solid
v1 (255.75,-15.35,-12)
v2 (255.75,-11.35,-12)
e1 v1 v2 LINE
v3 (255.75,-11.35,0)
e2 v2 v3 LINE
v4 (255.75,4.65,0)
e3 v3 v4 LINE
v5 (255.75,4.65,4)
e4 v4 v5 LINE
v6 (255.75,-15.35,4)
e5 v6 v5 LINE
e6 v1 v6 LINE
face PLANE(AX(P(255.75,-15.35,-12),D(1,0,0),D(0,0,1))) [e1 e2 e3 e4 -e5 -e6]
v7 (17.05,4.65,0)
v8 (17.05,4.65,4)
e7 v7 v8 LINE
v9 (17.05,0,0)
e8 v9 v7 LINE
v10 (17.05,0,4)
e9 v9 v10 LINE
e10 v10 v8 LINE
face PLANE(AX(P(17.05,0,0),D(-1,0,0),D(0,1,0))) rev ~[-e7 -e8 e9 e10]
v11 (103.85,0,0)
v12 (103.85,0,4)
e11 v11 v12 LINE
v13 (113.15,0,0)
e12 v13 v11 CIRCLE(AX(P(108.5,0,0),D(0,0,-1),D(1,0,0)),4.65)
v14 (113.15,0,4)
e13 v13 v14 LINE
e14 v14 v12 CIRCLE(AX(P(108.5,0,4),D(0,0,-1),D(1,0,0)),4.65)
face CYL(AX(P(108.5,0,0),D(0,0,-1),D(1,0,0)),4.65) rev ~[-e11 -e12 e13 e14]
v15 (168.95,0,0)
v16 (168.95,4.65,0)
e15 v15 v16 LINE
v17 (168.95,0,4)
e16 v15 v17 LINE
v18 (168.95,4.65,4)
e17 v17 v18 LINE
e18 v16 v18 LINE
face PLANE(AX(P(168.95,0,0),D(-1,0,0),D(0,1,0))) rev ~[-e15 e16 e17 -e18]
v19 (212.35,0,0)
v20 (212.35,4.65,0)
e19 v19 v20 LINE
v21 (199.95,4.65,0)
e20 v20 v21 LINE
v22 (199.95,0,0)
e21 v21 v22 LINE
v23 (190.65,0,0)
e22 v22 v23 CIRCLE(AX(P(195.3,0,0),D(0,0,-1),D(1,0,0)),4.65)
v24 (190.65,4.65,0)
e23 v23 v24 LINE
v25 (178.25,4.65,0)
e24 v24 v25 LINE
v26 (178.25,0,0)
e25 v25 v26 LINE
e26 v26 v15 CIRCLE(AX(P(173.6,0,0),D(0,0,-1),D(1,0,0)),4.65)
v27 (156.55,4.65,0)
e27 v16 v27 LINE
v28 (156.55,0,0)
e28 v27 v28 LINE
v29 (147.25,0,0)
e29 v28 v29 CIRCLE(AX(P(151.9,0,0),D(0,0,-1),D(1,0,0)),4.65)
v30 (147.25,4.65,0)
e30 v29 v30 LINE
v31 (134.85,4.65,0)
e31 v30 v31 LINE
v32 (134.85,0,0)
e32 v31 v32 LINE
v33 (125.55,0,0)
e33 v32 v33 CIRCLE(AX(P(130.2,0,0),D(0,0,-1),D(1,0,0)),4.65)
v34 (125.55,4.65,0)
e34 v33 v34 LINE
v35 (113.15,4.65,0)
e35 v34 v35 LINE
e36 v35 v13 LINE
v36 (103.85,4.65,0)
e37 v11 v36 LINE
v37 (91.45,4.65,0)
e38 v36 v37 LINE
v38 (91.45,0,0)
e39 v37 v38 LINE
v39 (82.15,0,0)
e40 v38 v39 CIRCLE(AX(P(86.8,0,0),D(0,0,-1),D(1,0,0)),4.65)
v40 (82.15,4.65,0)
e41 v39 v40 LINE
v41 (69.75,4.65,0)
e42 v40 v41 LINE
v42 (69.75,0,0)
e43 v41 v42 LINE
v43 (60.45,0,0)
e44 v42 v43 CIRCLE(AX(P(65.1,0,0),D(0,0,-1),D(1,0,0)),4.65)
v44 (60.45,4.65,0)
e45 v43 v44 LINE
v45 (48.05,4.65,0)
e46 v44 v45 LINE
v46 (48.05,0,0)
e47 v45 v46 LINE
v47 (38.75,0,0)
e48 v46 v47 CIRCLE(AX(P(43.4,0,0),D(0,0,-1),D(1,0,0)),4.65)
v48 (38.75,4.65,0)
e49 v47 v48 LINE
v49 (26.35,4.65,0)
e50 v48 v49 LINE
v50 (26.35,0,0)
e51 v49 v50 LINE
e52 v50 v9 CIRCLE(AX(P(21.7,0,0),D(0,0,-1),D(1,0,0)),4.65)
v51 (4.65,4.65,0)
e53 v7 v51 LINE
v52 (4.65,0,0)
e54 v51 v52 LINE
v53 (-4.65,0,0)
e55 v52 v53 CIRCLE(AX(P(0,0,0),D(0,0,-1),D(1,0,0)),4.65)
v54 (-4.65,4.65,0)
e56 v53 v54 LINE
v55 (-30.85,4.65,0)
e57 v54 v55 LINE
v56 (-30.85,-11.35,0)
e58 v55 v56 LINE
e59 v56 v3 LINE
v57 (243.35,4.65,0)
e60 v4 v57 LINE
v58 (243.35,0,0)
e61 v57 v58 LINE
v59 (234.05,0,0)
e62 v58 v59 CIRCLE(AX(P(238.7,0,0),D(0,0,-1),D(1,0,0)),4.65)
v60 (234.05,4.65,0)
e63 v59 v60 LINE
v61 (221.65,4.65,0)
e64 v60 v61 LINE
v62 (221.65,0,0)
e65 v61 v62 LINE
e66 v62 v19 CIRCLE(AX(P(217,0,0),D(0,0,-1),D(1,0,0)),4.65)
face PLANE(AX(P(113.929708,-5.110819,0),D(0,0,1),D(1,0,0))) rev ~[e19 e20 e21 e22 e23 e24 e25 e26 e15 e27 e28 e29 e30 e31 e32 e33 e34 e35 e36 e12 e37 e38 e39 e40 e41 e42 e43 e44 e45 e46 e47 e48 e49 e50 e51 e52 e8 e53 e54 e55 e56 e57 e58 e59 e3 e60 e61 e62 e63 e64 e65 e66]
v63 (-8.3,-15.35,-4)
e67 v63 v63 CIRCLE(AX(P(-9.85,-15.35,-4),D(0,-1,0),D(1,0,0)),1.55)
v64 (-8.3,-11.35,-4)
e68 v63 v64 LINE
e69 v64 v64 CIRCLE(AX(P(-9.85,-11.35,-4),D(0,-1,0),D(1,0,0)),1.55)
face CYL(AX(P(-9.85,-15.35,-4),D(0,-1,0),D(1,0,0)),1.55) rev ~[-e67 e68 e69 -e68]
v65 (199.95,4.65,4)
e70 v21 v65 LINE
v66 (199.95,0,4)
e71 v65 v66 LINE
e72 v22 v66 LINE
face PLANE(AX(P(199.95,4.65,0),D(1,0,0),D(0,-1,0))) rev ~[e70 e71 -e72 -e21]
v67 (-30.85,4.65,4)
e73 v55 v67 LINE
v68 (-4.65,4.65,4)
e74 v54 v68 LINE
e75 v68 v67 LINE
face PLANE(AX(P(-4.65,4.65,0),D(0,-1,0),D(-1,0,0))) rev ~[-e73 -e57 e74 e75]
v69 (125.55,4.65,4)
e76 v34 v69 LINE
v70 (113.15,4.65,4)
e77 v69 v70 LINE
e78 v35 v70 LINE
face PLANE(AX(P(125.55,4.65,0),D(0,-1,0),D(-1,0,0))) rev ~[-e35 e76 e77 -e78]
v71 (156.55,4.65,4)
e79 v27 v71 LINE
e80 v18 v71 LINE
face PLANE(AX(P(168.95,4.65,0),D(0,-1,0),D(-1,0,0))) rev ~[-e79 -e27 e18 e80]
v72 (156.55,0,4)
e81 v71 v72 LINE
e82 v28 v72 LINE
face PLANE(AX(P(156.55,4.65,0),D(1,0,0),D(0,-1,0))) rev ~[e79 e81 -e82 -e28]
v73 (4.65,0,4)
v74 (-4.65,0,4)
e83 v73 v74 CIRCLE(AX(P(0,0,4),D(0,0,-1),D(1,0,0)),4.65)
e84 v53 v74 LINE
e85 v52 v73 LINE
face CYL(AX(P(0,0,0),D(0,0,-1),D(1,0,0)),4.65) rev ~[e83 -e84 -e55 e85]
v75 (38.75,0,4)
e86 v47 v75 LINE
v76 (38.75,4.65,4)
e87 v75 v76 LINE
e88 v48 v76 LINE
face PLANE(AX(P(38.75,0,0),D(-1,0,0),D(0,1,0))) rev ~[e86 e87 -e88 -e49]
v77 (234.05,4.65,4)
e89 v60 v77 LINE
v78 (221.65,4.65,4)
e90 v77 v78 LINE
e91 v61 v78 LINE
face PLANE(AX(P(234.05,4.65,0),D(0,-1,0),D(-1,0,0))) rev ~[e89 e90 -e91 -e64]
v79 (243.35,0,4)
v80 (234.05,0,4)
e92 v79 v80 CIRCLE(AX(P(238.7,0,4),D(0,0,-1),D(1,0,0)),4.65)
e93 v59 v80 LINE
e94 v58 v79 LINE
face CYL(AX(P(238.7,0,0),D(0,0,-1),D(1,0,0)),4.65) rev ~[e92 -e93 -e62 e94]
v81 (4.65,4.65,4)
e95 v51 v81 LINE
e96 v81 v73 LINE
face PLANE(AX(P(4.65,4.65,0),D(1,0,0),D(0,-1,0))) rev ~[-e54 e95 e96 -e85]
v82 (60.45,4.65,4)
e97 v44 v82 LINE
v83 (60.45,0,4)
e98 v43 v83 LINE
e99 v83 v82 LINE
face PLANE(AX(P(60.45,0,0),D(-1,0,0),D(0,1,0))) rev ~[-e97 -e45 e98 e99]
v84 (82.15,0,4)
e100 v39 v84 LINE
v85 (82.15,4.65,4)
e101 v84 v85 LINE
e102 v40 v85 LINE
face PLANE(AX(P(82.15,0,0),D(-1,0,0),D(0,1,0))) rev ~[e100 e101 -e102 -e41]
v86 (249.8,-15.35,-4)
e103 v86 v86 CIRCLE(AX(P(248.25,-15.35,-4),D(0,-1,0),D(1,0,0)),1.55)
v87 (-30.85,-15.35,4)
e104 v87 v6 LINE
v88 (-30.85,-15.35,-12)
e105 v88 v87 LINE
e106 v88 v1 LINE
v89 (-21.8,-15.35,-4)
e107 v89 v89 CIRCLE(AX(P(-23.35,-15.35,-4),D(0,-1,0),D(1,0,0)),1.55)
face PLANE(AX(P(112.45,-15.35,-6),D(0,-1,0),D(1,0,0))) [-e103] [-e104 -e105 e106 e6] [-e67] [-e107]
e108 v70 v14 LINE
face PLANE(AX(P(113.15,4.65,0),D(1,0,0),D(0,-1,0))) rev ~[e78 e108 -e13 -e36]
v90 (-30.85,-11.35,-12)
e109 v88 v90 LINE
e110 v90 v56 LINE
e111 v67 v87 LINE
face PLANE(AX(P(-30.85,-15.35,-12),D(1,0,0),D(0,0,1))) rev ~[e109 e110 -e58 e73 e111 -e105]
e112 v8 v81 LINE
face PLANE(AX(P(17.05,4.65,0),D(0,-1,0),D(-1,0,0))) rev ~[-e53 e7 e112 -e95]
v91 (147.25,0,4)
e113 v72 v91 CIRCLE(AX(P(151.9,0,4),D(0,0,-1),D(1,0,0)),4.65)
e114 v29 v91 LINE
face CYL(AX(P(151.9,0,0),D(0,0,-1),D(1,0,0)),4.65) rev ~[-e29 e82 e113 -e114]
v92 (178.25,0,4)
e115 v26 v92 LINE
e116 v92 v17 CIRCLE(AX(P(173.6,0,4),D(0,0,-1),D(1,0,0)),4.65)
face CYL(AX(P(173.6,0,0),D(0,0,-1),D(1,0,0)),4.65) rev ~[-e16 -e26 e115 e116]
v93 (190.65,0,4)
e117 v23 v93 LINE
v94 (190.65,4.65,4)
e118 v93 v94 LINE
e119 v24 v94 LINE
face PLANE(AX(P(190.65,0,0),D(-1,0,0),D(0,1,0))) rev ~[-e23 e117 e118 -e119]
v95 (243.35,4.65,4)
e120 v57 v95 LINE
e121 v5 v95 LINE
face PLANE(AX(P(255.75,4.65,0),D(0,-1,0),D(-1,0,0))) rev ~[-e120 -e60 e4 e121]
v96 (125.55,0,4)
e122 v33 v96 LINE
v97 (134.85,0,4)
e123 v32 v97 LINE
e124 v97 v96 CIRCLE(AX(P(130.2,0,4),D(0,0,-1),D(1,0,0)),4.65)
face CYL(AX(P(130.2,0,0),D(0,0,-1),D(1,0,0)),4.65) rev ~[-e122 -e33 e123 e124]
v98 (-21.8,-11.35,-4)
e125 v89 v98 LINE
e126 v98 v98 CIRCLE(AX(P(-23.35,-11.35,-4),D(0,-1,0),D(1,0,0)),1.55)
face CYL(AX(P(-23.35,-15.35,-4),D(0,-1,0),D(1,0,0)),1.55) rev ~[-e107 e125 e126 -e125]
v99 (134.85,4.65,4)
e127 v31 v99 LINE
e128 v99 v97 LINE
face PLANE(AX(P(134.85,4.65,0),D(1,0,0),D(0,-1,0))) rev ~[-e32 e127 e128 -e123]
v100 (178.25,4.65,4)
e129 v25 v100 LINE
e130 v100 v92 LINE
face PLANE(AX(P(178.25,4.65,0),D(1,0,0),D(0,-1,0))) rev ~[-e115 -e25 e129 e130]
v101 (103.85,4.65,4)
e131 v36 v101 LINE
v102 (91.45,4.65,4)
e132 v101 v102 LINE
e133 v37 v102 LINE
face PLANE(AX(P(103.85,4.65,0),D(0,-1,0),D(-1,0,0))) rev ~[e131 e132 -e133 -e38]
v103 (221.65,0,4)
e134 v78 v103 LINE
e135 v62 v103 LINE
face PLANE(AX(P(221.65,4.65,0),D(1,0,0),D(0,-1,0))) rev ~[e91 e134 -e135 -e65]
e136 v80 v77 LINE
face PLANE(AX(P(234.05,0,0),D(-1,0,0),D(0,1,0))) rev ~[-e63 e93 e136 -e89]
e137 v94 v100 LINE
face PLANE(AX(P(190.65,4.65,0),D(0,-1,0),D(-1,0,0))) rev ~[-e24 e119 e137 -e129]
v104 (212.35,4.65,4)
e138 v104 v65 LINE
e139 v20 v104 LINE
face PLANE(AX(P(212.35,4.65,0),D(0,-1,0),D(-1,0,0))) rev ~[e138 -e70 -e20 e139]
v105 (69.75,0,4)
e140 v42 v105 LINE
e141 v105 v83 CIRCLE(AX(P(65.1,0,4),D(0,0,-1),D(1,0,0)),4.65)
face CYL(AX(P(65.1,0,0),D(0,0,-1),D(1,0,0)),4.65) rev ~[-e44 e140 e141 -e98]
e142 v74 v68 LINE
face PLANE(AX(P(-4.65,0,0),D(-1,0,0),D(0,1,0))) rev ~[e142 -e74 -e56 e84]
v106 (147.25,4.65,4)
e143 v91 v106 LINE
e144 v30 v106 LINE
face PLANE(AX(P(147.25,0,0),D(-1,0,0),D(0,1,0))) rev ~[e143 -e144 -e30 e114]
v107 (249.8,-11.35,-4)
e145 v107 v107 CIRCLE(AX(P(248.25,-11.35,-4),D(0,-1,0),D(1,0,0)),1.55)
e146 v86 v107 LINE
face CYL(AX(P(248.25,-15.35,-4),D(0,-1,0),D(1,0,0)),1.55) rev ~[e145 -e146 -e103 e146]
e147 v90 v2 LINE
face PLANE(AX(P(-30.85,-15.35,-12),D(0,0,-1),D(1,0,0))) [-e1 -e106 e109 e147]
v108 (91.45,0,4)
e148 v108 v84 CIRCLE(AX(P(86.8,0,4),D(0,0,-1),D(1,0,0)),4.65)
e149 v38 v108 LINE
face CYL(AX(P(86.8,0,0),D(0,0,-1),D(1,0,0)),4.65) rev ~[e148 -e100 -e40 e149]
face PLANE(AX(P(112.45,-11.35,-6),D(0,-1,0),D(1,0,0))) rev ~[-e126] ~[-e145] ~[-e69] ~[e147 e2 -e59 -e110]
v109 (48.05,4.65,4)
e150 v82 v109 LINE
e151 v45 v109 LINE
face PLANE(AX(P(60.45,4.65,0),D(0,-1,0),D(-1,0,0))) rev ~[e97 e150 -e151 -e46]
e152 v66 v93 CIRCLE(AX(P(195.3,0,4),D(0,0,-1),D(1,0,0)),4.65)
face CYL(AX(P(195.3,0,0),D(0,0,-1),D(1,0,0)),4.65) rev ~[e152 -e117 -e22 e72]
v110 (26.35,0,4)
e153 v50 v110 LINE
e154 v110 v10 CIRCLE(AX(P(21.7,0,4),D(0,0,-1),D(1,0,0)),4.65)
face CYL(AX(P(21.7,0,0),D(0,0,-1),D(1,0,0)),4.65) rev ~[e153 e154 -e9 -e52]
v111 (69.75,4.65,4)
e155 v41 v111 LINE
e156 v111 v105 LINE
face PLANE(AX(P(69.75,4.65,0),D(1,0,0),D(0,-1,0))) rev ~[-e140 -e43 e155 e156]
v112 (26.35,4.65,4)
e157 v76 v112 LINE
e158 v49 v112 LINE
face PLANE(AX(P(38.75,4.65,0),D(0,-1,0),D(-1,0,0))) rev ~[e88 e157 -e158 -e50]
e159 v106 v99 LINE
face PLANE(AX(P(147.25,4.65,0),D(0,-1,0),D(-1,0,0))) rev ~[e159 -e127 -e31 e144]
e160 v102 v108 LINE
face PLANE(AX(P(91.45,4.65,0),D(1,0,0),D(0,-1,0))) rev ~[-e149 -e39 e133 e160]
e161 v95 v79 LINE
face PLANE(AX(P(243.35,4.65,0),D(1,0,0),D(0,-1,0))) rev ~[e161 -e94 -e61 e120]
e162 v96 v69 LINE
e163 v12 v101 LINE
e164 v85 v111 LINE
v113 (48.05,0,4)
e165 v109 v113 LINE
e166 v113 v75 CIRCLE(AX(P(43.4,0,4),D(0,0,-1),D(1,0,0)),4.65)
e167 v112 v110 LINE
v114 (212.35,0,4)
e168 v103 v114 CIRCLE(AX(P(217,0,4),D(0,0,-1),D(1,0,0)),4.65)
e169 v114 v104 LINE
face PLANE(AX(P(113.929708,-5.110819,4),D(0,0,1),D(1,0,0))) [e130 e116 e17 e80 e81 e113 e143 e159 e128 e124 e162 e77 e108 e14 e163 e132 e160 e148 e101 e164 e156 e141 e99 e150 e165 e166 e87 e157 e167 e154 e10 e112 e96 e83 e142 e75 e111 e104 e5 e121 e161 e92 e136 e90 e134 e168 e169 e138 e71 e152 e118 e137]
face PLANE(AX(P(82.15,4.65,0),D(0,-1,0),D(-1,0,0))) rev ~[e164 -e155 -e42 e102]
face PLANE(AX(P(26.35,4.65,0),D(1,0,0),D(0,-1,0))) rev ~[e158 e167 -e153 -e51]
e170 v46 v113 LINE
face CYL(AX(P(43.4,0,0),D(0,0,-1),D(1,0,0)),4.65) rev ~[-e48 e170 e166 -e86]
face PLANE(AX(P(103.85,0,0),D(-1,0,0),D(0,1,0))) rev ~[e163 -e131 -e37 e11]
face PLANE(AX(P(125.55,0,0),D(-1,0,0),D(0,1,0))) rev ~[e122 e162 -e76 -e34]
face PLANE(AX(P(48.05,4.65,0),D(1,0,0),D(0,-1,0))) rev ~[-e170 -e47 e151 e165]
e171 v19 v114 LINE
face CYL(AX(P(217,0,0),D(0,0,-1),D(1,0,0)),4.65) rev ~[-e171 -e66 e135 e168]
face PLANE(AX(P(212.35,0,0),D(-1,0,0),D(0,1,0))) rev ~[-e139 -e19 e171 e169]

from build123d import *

# Parameters (mm, degrees)
BOSS_EXTRUDE1_DEPTH = 4
SKETCH3_W           = 286.6
SKETCH3_H           = 12
BOSS_EXTRUDE2_DEPTH = 4
CUT_EXTRUDE1_REACH  = 258.811
SKETCH4_R           = 1.55


with BuildPart() as part:
    # Sketch1 → Boss-Extrude1 (new body)
    with BuildSketch(Plane.XY):
        with BuildLine():
            Line((-4.65, 0), (-4.65, 4.65))
            Line((-4.65, 4.65), (-30.85, 4.65))
            Line((-30.85, 4.65), (-30.85, -15.35))
            Line((-30.85, -15.35), (255.75, -15.35))
            Line((255.75, -15.35), (255.75, 4.65))
            Line((255.75, 4.65), (243.35, 4.65))
            Line((243.35, 4.65), (243.35, 0))
            ThreePointArc((243.35, 0), (238.7, -4.65), (234.05, 0))
            Line((234.05, 0), (234.05, 4.65))
            Line((234.05, 4.65), (221.65, 4.65))
            Line((221.65, 4.65), (221.65, 0))
            ThreePointArc((221.65, 0), (217, -4.65), (212.35, 0))
            Line((212.35, 0), (212.35, 4.65))
            Line((212.35, 4.65), (199.95, 4.65))
            Line((199.95, 4.65), (199.95, 0))
            ThreePointArc((199.95, 0), (195.3, -4.65), (190.65, 0))
            Line((190.65, 0), (190.65, 4.65))
            Line((190.65, 4.65), (178.25, 4.65))
            Line((178.25, 4.65), (178.25, 0))
            ThreePointArc((178.25, 0), (173.6, -4.65), (168.95, 0))
            Line((168.95, 0), (168.95, 4.65))
            Line((168.95, 4.65), (156.55, 4.65))
            Line((156.55, 4.65), (156.55, 0))
            ThreePointArc((156.55, 0), (151.9, -4.65), (147.25, 0))
            Line((147.25, 0), (147.25, 4.65))
            Line((147.25, 4.65), (134.85, 4.65))
            Line((134.85, 4.65), (134.85, 0))
            ThreePointArc((134.85, 0), (130.2, -4.65), (125.55, 0))
            Line((125.55, 0), (125.55, 4.65))
            Line((125.55, 4.65), (113.15, 4.65))
            Line((113.15, 4.65), (113.15, 0))
            ThreePointArc((113.15, 0), (108.5, -4.65), (103.85, 0))
            Line((103.85, 0), (103.85, 4.65))
            Line((103.85, 4.65), (91.45, 4.65))
            Line((91.45, 4.65), (91.45, 0))
            ThreePointArc((91.45, 0), (86.8, -4.65), (82.15, 0))
            Line((82.15, 0), (82.15, 4.65))
            Line((82.15, 4.65), (69.75, 4.65))
            Line((69.75, 4.65), (69.75, 0))
            ThreePointArc((69.75, 0), (65.1, -4.65), (60.45, 0))
            Line((60.45, 0), (60.45, 4.65))
            Line((60.45, 4.65), (48.05, 4.65))
            Line((48.05, 4.65), (48.05, 0))
            ThreePointArc((48.05, 0), (43.4, -4.65), (38.75, 0))
            Line((38.75, 0), (38.75, 4.65))
            Line((38.75, 4.65), (26.35, 4.65))
            Line((26.35, 4.65), (26.35, 0))
            ThreePointArc((26.35, 0), (21.7, -4.65), (17.05, 0))
            Line((17.05, 0), (17.05, 4.65))
            Line((17.05, 4.65), (4.65, 4.65))
            Line((4.65, 4.65), (4.65, 0))
            ThreePointArc((4.65, 0), (0, -4.65), (-4.65, 0))
        make_face()
    extrude(amount=BOSS_EXTRUDE1_DEPTH)

    # Sketch3 → Boss-Extrude2 (add)
    with BuildSketch(Plane.XZ.offset(15.35)):
        with Locations((112.45, -6)):
            Rectangle(SKETCH3_W, SKETCH3_H)
    extrude(amount=-BOSS_EXTRUDE2_DEPTH)

    # Sketch4 → Cut-Extrude1 (cut, up to next)
    with BuildSketch(Plane.XZ.offset(15.35), mode=Mode.PRIVATE) as cut_extrude1_sk1:
        with Locations((-23.35, -4)):
            Circle(SKETCH4_R)
    cut_extrude1_tool1 = extrude(cut_extrude1_sk1.sketch, amount=-CUT_EXTRUDE1_REACH, mode=Mode.PRIVATE) & part.part
    # Sketch4 → Cut-Extrude1 (cut, up to next)
    with BuildSketch(Plane.XZ.offset(15.35), mode=Mode.PRIVATE) as cut_extrude1_sk2:
        with Locations((248.25, -4)):
            Circle(SKETCH4_R)
    cut_extrude1_tool2 = extrude(cut_extrude1_sk2.sketch, amount=-CUT_EXTRUDE1_REACH, mode=Mode.PRIVATE) & part.part
    # Sketch4 → Cut-Extrude1 (cut, up to next)
    with BuildSketch(Plane.XZ.offset(15.35), mode=Mode.PRIVATE) as cut_extrude1_sk3:
        with Locations((-9.85, -4)):
            Circle(SKETCH4_R)
    cut_extrude1_tool3 = extrude(cut_extrude1_sk3.sketch, amount=-CUT_EXTRUDE1_REACH, mode=Mode.PRIVATE) & part.part
    add(cut_extrude1_tool1.solids().sort_by_distance((-23.35, -15.35, -4))[0], mode=Mode.SUBTRACT)
    add(cut_extrude1_tool2.solids().sort_by_distance((248.25, -15.35, -4))[0], mode=Mode.SUBTRACT)
    add(cut_extrude1_tool3.solids().sort_by_distance((-9.85, -15.35, -4))[0], mode=Mode.SUBTRACT)


solid = part.part
